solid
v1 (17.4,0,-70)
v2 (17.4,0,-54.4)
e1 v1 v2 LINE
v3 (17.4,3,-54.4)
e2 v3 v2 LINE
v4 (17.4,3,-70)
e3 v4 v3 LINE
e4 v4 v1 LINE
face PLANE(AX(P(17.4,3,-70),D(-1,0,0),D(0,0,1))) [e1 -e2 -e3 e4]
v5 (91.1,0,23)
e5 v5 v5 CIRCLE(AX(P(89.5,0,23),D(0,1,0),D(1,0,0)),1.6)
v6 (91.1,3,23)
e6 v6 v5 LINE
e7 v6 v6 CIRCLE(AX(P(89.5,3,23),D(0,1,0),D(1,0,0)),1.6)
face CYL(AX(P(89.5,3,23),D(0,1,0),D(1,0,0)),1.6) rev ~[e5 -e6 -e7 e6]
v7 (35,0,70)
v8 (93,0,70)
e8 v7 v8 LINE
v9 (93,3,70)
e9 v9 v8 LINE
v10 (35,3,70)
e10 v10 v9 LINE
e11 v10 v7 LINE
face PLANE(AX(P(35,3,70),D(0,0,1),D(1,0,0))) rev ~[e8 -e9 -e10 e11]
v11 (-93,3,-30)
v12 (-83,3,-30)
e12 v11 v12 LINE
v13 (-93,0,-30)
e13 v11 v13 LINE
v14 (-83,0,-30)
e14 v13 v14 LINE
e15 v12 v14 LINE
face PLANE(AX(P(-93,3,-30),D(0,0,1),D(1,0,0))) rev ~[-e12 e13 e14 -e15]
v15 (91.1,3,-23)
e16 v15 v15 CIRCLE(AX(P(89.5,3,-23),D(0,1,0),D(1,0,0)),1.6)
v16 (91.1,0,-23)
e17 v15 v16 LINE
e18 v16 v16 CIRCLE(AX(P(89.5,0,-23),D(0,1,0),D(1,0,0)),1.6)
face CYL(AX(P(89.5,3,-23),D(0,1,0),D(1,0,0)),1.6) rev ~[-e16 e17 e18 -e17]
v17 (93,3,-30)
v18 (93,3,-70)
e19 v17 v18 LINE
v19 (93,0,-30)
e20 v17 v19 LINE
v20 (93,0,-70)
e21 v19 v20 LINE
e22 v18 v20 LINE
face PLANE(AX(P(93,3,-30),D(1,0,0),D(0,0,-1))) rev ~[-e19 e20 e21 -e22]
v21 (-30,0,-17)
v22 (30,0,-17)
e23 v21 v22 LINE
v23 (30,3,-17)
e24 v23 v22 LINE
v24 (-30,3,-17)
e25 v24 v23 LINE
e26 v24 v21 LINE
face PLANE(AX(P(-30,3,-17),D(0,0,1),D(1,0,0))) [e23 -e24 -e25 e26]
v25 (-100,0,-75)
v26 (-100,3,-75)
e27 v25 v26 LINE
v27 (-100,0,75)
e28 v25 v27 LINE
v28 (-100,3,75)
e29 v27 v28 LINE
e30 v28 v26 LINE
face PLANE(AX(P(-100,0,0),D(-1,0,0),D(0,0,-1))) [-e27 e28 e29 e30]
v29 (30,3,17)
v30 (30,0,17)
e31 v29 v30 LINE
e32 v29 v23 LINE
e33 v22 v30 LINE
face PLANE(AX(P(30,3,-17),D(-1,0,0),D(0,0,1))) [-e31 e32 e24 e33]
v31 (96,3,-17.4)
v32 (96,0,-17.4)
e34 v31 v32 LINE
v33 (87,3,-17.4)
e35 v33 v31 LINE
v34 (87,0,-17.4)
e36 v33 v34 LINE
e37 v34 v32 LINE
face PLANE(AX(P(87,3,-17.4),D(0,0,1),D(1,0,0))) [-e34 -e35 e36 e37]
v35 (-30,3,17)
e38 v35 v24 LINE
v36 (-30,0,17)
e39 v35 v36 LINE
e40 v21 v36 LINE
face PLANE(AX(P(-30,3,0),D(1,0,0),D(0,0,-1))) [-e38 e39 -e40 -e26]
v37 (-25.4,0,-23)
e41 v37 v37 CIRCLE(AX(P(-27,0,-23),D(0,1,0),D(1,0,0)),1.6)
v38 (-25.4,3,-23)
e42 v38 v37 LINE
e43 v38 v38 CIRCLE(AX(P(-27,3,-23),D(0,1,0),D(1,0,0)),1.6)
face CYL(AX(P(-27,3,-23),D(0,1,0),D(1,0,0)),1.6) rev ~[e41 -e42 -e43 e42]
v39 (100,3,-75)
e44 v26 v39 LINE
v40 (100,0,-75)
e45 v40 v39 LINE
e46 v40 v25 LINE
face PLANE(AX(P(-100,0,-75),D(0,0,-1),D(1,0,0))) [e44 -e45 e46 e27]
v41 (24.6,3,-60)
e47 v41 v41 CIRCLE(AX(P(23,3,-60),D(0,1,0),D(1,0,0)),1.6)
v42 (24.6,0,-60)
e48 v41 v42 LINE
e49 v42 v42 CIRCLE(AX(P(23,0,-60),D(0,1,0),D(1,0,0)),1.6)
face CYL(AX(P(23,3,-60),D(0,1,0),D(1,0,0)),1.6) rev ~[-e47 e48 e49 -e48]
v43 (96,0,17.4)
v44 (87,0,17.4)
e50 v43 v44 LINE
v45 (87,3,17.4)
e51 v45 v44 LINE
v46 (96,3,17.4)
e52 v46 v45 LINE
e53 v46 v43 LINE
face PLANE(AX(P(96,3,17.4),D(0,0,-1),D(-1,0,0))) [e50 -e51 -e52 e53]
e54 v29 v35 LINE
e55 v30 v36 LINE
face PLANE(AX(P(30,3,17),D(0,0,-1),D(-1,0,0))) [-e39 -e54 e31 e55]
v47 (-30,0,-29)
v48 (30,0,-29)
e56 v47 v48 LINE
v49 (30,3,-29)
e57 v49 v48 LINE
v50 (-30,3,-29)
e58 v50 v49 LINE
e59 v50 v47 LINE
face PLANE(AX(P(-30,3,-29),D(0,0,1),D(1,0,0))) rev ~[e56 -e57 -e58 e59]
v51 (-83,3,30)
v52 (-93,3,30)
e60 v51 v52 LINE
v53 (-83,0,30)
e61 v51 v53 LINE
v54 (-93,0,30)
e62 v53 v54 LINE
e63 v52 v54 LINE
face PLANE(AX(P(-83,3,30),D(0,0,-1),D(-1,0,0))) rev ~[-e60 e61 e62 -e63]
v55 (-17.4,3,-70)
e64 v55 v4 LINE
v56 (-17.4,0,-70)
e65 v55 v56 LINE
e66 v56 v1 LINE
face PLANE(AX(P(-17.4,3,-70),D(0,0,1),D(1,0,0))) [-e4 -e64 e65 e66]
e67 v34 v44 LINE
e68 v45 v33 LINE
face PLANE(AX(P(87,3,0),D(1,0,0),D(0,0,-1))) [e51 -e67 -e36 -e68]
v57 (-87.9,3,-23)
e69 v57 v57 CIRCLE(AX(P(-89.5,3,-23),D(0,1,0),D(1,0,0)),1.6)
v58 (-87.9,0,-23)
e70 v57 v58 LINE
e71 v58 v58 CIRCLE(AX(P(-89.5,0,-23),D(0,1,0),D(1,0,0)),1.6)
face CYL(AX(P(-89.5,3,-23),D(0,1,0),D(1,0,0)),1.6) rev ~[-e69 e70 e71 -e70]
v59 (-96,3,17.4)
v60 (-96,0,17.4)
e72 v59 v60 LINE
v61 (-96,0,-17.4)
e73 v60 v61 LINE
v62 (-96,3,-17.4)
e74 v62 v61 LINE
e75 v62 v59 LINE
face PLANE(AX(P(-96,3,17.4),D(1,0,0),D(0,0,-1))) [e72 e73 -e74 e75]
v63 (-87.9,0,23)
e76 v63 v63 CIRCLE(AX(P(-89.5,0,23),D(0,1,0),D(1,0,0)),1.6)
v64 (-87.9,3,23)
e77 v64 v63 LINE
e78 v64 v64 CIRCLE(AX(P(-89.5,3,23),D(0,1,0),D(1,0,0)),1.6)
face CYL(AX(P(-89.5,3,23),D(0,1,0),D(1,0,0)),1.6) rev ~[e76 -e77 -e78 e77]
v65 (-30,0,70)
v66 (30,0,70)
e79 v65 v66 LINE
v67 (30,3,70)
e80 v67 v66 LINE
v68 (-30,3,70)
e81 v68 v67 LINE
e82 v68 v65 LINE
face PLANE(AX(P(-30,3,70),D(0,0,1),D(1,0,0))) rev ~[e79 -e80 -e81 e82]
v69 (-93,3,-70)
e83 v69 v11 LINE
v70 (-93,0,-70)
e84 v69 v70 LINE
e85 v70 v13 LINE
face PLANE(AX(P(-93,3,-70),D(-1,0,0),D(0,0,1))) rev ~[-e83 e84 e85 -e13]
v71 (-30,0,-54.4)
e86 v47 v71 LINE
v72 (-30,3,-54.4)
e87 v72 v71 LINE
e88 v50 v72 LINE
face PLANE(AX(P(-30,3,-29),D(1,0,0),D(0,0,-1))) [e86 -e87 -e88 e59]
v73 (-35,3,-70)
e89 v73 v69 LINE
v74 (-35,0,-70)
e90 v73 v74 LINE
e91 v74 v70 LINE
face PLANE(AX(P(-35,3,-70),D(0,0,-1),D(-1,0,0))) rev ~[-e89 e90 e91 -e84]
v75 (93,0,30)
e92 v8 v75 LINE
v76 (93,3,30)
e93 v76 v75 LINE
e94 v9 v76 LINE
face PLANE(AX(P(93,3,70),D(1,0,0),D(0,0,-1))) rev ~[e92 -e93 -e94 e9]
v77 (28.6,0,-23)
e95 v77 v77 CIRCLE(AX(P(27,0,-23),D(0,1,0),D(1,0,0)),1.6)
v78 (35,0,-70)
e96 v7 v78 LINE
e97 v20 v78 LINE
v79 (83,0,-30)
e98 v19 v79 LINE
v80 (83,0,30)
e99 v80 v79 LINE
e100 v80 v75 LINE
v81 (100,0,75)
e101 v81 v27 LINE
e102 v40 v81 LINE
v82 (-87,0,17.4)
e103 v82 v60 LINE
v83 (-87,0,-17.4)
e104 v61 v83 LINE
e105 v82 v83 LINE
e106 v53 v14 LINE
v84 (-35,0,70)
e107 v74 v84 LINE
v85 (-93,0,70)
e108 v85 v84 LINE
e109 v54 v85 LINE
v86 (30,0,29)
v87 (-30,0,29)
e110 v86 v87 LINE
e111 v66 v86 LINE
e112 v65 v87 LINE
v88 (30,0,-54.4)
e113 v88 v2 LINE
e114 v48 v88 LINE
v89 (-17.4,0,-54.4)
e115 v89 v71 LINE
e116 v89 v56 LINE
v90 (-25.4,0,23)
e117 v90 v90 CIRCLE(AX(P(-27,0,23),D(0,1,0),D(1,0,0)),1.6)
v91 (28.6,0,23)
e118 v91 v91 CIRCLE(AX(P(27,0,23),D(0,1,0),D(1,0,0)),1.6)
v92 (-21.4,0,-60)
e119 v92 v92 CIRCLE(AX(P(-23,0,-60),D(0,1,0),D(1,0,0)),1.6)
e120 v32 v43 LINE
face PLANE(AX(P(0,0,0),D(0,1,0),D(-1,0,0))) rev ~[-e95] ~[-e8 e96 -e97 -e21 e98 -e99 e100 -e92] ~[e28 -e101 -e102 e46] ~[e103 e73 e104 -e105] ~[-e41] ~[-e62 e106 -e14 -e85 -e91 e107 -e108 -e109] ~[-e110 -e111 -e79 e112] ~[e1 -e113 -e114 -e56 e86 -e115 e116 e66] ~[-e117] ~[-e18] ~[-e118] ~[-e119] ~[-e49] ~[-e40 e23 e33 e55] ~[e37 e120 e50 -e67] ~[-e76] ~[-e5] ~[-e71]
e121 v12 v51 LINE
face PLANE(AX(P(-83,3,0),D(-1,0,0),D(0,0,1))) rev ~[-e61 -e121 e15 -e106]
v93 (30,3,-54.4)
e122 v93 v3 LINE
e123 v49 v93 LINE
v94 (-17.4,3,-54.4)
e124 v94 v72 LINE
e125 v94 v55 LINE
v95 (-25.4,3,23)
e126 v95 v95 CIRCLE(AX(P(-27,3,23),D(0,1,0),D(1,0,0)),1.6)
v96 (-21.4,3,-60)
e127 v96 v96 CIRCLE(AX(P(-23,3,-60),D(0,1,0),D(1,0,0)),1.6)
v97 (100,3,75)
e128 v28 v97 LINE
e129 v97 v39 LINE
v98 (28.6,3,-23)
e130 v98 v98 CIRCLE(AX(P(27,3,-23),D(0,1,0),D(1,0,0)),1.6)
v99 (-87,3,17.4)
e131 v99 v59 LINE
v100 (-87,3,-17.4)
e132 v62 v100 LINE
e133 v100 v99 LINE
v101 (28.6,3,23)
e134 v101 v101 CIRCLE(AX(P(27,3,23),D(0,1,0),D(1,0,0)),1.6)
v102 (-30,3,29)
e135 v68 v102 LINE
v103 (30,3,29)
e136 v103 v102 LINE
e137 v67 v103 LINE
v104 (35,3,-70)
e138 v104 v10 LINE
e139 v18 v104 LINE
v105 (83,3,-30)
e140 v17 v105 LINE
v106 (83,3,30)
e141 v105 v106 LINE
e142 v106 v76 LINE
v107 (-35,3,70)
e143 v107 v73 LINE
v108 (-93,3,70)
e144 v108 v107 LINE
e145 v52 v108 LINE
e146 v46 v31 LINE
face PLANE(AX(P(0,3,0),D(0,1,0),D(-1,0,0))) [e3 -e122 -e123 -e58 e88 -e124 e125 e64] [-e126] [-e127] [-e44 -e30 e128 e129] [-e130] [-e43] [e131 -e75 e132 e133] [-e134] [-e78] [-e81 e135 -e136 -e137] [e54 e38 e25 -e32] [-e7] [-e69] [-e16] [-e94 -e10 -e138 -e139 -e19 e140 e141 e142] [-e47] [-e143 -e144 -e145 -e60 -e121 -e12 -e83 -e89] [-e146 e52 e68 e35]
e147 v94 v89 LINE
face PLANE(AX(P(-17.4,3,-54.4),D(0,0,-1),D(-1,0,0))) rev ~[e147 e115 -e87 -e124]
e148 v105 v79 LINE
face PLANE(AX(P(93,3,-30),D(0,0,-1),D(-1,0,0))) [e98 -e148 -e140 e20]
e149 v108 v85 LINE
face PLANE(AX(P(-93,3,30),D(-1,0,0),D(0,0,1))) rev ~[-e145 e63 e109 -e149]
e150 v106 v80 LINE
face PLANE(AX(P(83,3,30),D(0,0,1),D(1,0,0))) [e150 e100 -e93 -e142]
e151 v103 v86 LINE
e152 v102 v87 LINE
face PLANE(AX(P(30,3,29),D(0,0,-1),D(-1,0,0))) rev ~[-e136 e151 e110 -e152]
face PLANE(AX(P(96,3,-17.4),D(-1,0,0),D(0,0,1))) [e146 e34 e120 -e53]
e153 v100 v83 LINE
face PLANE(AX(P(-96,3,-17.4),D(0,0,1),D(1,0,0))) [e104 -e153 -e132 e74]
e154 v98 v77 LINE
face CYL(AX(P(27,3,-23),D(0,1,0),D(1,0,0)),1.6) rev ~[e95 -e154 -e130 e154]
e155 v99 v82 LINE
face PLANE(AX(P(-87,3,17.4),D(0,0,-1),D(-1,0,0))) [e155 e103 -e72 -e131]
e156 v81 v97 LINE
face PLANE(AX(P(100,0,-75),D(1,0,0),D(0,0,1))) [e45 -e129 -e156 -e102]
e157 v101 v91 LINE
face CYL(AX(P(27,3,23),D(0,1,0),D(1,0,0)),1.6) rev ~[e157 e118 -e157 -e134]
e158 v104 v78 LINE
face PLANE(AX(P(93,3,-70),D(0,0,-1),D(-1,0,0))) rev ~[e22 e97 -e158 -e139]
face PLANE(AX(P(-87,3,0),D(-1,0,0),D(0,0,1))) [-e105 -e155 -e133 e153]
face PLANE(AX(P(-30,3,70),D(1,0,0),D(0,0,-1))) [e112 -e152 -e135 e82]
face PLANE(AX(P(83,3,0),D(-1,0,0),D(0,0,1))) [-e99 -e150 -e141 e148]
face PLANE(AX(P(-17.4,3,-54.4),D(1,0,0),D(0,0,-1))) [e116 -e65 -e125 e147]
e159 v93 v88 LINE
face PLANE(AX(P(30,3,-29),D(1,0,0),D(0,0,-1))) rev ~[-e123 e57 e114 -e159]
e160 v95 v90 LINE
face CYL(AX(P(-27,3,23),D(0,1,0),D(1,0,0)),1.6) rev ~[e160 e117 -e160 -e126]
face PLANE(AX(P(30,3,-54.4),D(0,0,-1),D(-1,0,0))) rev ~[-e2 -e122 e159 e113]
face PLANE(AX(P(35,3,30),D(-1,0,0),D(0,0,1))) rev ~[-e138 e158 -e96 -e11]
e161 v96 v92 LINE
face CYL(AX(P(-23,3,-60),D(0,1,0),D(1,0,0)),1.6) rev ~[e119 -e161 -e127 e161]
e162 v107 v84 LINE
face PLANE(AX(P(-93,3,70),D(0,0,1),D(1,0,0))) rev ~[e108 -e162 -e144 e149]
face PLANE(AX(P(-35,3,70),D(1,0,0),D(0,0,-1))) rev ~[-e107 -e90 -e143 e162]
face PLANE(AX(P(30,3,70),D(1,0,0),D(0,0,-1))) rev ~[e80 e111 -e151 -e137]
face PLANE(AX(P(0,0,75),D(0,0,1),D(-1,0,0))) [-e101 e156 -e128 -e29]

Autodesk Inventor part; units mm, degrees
ref_plane "YZ Plane" through (0, 0, 0) normal (1, 0, 0) x (0, 1, 0)
ref_plane "XZ Plane" through (0, 0, 0) normal (0, 1, 0) x (-1, 0, 0)
ref_plane "XY Plane" through (0, 0, 0) normal (0, 0, 1) x (1, 0, 0)
sketch "Skizze1" plane through (0, 0, 0) normal (0, 1, 0) x (-1, 0, 0)
  line L0 (100, -75) -> (-100, -75)
  line L1 (-100, -75) -> (-100, 75)
  line L2 (-100, 75) -> (100, 75)
  line L3 (100, 75) -> (100, -75)
  line L4 (0, -105) -> (0, 105) projected
  line L5 (-140, 0) -> (140, 0) projected
  point P0 (0, 0)
  dimension "d0" = 200
  dimension "d1" = 150
extrude "Extrusion1" add sketch "Skizze1" along normal blind 3
sketch "Skizze11" plane through (0, 3, 0) normal (0, 1, 0) x (1, 0, 0)
  circle A0 centre (27, -23) radius 1.6
  circle A1 centre (27, 23) radius 1.6
  line L0 (140, 0) -> (-140, 0) projected
  line L1 (100, -75) -> (100, 75) projected
  line L2 (100, -75) -> (100, 75) projected
  line L3 (0, 105) -> (0, -105) projected
  circle A2 centre (-27, -23) radius 1.6
  circle A3 centre (-27, 23) radius 1.6
  circle A4 centre (27, 23) radius 1.6
  circle A5 centre (-27, 23) radius 1.6
  line L4 (100, 75) -> (-100, 75) projected
  circle A6 centre (89.5, -23) radius 1.6
  circle A7 centre (89.5, 23) radius 1.6
  circle A8 centre (-89.5, -23) radius 1.6
  circle A9 centre (-89.5, 23) radius 1.6
  line L5 (-100, 75) -> (-100, -75) projected
  point P0 (0, 0)
  dimension "d50" = 3.2
  dimension "d51" = 3.2
  dimension "d52" = 23
  dimension "d53" = 23
  dimension "d54" = 73
  dimension "d55" = 73
  dimension "d62" = 3.2
  dimension "d63" = 3.2
  dimension "d64" = 27
  dimension "d65" = 27
  dimension "d66" = 52
  dimension "d67" = 52
  dimension "d70" = 3.2
  dimension "d71" = 3.2
  dimension "d72" = 23
  dimension "d73" = 23
  dimension "d74" = 10.5
  dimension "d75" = 10.5
  dimension "d76" = 3.2
  dimension "d77" = 3.2
  dimension "d78" = 10.5
  dimension "d79" = 10.5
  dimension "d80" = 23
  dimension "d81" = 23
extrude "Extrusion12" cut sketch "Skizze11" against normal up to surface (3 mm away) contours A0 | A1
extrude "Extrusion13" cut sketch "Skizze11" against normal up to surface (3 mm away) contours A2 | A3
extrude "Extrusion14" cut sketch "Skizze11" against normal up to surface (3 mm away) contours A1 | A3
extrude "Extrusion15" cut sketch "Skizze11" against normal up to surface (3 mm away) contours A6 | A7 | A8 | A9
sketch "Skizze12" plane through (0, 3, 0) normal (0, 1, 0) x (1, 0, 0)
  circle A0 centre (-23, 60) radius 1.6
  circle A1 centre (23, 60) radius 1.6
  line L0 (0, 105) -> (0, -105) projected
  line L1 (100, 75) -> (-100, 75) projected
  point P0 (0, 0)
  dimension "d84" = 3.2
  dimension "d85" = 3.2
  dimension "d86" = 23
  dimension "d87" = 23
  dimension "d88" = 15
  dimension "d89" = 15
extrude "Extrusion16" cut sketch "Skizze12" against normal up to surface (3 mm away)
sketch "Skizze13" plane through (0, 3, 0) normal (0, 1, 0) x (1, 0, 0)
  line L0 (-93, -70) -> (-35, -70)
  line L1 (-35, -70) -> (-35, 70)
  line L2 (-35, 70) -> (-93, 70)
  line L3 (35, -70) -> (93, -70)
  line L4 (93, 70) -> (35, 70)
  line L5 (35, 70) -> (35, -70)
  line L6 (-100, -75) -> (100, -75) projected
  line L7 (-100, 75) -> (-100, -75) projected
  line L8 (100, 75) -> (-100, 75) projected
  line L9 (100, -75) -> (100, 75) projected
  line L10 (-30, -70) -> (30, -70)
  line L11 (35, -70) -> (35, -30)
  line L12 (30, -29) -> (-30, -29)
  line L13 (-35, -30) -> (-35, -70)
  line L14 (-30, 29) -> (30, 29)
  line L15 (35, 29) -> (35, 54)
  line L16 (-35, 54) -> (-35, 29)
  line L17 (-30, -70) -> (-30, -29)
  line L18 (30, -70) -> (30, -29)
  line L19 (-30, 29) -> (-30, 54.4)
  line L20 (30, 29) -> (30, 54.4)
  line L21 (-93, 30) -> (-83, 30)
  line L22 (-83, 30) -> (-83, -30)
  line L23 (-83, -30) -> (-93, -30)
  line L24 (140, 0) -> (-140, 0) projected
  line L25 (-93, 70) -> (-93, 30)
  line L26 (-93, -30) -> (-93, -70)
  line L27 (93, 30) -> (83, 30)
  line L28 (83, 30) -> (83, -30)
  line L29 (83, -30) -> (93, -30)
  line L30 (93, -70) -> (93, -30)
  line L31 (93, 30) -> (93, 70)
  line L32 (-30, 17) -> (30, 17)
  line L33 (30, 17) -> (30, -17)
  line L34 (30, -17) -> (-30, -17)
  line L35 (-30, -17) -> (-30, 17)
  line L36 (-30, 17) -> (30, -17) construction
  line L37 (30, 17) -> (-30, -17) construction
  line L38 (-17.4, 70) -> (17.4, 70)
  line L39 (17.4, 70) -> (17.4, 54.4)
  line L40 (-17.4, 54.4) -> (-17.4, 70)
  line L41 (-17.4, 70) -> (17.4, 54.3035) construction
  line L42 (17.4, 70) -> (-17.4, 54.3035) construction
  line L43 (30, 54.4) -> (17.4, 54.4)
  line L44 (-17.4, 54.4) -> (-30, 54.4)
  circle A0 centre (-23, 60) radius 1.6 projected
  circle A1 centre (23, 60) radius 1.6 projected
  line L45 (87, 17.4) -> (96, 17.4)
  line L46 (96, 17.4) -> (96, -17.4)
  line L47 (96, -17.4) -> (87, -17.4)
  line L48 (87, -17.4) -> (87, 17.4)
  line L49 (87, 17.4) -> (96, -17.4) construction
  line L50 (96, 17.4) -> (87, -17.4) construction
  circle A2 centre (89.5, -23) radius 1.6 projected
  line L51 (-96, 17.4) -> (-87, 17.4)
  line L52 (-87, 17.4) -> (-87, -17.4)
  line L53 (-87, -17.4) -> (-96, -17.4)
  line L54 (-96, -17.4) -> (-96, 17.4)
  line L55 (-96, 17.4) -> (-87, -17.4) construction
  line L56 (-87, 17.4) -> (-96, -17.4) construction
  circle A3 centre (-89.5, 23) radius 1.6 projected
  point P0 (0, 0)
  point P1 (0, 62.1518)
  point P2 (91.5, 0)
  point P3 (-91.5, 0)
  dimension "d94" = 5
  dimension "d96" = 5
  dimension "d97" = 65
  dimension "d99" = 65
  dimension "d100" = 40
  dimension "d101" = 25
  dimension "d103" = 5
  dimension "d104" = 5
  dimension "d105" = 5
  dimension "d106" = 5
  dimension "d107" = 10
  dimension "d108" = 60
  dimension "d109" = 17
  dimension "d110" = 7
  dimension "d111" = 10
  dimension "d112" = 60
  dimension "d113" = 17
  dimension "d114" = 7
  dimension "d115" = 5
  dimension "d116" = 12
  dimension "d117" = 17
  dimension "d118" = 12
  dimension "d119" = 5
  dimension "d120" = 5
  dimension "d121" = 4
  dimension "d122" = 4
  dimension "d123" = 4
  dimension "d124" = 4
  dimension "d126" = 5.6
  dimension "d127" = 4
  dimension "d128" = 4
  dimension "d129" = 4
  dimension "d130" = 4
  dimension "d131" = 4
extrude "Extrusion17" cut sketch "Skizze13" against normal up to surface (3 mm away) contours L26 L23 L22 L24 L1 L0 | L24 L22 L21 L25 L2 L1 | L35 L32 L33 L24 | L24 L33 L34 L35 | L52 L53 L54 L24 | L24 L54 L51 L52 | L24 L28 L29 L30 L3 L5 | L5 L4 L31 L27 L28 L24 | L48 L45 L46 L24 | L24 L46 L47 L48 | L17 L12 L18 L10 | L19 L44 L40 L38 L39 L43 L20 L14
properties part number "_3D-Druck"
